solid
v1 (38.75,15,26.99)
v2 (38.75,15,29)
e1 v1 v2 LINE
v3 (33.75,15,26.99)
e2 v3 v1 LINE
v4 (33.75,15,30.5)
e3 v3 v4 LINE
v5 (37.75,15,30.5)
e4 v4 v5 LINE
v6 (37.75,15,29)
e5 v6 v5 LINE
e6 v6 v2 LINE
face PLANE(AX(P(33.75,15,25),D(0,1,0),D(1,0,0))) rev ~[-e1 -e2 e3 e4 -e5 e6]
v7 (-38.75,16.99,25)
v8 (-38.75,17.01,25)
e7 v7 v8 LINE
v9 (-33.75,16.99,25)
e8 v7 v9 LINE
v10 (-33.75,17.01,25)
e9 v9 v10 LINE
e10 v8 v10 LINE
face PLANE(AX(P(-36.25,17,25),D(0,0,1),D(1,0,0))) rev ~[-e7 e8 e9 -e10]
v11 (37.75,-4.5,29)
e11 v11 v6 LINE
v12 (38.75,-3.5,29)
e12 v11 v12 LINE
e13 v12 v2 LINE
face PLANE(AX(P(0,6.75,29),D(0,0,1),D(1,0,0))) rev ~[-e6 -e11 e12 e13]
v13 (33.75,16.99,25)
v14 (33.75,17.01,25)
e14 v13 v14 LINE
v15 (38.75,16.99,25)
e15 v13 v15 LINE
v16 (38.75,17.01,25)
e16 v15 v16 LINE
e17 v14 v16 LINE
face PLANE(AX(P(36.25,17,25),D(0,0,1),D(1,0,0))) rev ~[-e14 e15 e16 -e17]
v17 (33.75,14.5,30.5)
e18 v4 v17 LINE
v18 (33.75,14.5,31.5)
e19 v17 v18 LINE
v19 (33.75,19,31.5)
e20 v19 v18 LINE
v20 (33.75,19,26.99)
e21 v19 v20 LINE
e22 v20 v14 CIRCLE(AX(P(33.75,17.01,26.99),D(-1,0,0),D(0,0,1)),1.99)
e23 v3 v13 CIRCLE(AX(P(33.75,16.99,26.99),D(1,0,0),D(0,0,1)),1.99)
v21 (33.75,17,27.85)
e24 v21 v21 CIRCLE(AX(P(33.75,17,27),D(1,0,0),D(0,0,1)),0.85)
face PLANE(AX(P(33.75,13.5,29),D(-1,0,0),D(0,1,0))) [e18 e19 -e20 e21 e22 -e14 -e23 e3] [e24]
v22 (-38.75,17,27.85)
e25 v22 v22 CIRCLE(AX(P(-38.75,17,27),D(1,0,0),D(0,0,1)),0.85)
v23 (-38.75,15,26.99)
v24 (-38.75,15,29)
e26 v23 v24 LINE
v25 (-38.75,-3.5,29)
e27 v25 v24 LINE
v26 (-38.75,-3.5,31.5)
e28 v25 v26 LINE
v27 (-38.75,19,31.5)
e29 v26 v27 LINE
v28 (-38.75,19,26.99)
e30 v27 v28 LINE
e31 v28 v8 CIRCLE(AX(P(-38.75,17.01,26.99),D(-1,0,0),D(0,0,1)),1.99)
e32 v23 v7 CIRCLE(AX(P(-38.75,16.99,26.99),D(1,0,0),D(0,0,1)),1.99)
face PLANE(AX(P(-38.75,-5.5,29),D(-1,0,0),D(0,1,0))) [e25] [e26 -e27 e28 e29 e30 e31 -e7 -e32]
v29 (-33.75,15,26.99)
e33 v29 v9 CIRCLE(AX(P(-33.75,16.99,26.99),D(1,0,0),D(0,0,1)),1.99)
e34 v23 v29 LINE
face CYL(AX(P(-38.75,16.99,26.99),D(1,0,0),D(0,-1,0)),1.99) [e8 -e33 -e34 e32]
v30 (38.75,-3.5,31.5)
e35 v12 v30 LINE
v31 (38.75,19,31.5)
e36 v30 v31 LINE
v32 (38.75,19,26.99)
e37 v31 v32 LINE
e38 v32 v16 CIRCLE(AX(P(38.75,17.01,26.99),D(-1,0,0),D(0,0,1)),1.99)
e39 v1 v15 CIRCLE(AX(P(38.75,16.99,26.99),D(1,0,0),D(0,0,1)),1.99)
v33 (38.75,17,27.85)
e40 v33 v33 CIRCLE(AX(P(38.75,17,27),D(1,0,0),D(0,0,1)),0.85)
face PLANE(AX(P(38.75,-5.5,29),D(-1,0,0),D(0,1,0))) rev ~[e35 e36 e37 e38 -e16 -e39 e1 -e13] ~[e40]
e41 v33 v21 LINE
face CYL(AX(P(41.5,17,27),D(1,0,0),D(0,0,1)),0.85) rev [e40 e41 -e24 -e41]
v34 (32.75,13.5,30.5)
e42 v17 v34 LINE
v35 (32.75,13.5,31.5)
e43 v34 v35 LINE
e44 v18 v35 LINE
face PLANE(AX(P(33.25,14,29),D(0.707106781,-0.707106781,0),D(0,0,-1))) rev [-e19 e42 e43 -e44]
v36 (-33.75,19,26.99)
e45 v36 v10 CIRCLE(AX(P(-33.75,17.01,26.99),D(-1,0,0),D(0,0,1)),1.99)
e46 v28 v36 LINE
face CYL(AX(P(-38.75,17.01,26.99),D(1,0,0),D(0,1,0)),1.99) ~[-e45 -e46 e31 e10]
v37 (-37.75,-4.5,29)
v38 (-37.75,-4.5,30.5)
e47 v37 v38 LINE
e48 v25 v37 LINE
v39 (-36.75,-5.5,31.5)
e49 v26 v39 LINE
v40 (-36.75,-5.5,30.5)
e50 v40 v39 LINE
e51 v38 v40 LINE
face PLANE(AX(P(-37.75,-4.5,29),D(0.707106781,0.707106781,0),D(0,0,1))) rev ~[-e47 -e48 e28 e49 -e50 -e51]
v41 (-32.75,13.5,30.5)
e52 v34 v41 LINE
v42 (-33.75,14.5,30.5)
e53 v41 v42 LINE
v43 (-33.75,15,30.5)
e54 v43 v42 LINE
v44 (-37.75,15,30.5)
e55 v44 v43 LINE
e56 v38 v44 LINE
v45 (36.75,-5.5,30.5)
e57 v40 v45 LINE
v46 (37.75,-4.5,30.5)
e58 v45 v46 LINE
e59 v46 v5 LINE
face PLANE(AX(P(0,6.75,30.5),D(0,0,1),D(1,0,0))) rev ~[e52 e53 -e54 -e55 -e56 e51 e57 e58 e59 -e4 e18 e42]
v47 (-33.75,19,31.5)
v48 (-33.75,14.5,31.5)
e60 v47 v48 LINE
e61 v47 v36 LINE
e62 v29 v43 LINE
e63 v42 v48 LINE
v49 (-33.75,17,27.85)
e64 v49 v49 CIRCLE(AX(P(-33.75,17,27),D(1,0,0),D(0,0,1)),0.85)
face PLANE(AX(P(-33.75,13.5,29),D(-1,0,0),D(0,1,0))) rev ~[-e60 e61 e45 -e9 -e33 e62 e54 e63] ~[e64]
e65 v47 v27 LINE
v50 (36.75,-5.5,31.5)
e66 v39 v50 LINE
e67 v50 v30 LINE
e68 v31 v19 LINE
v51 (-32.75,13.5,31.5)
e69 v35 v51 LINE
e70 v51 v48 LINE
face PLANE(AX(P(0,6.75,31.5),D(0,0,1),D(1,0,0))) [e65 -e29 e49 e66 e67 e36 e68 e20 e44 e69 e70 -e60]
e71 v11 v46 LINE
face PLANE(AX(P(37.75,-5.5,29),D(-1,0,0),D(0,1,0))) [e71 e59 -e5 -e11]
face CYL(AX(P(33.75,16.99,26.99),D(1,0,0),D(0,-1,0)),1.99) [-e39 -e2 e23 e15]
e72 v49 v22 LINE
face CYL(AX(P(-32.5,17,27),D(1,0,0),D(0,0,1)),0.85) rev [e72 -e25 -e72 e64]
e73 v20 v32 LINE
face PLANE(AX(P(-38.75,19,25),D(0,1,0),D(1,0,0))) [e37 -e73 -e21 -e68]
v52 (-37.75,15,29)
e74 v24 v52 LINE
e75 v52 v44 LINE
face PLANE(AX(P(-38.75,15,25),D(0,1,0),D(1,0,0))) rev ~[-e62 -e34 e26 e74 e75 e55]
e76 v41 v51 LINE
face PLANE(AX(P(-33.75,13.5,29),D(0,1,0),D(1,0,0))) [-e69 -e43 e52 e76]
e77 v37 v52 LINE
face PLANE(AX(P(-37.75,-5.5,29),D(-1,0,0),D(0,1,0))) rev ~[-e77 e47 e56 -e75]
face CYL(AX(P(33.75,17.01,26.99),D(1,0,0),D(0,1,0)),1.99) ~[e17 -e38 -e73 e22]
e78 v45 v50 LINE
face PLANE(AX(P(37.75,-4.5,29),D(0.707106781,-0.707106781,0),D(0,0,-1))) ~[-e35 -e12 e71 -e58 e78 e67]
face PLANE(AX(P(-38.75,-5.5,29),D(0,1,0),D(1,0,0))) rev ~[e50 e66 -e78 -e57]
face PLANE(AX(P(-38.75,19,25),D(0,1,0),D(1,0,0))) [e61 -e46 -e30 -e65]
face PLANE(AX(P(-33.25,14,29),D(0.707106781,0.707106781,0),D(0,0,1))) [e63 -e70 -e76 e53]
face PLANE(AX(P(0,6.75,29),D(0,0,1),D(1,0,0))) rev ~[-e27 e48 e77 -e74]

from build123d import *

# Parameters (mm, degrees)
BOX032_W           = 67.5
BOX032_H           = 20
BOX032_DEPTH       = 4.5
CHAMFER011013_SIZE = 1
BOX029_W           = 75.5
BOX029_H           = 24.5
BOX029_DEPTH       = 1.5
BOX028_W           = 77.5
BOX028_H           = 24.5
BOX028_DEPTH       = 2.5
CHAMFER011012_SIZE = 2
CYLINDER044_R      = 0.85
CYLINDER044_DEPTH  = 10
BOX031_W           = 5
BOX031_H           = 4
BOX031_DEPTH       = 6.5
FILLET002_R        = 1.99
CYLINDER045_R      = 0.85
CYLINDER045_DEPTH  = 10
BOX030_W           = 5
BOX030_H           = 4
BOX030_DEPTH       = 6.5
FILLET003_R        = 1.99


with BuildPart() as chamfer011013:
    # Box032 → Box032 (new body)
    with BuildSketch(Plane(origin=(-33.75, 13.5, 29), x_dir=(1, 0, 0), z_dir=(0, 0, 1))):
        with Locations((33.75, 10)):
            Rectangle(BOX032_W, BOX032_H)
    extrude(amount=BOX032_DEPTH)

    # Chamfer011013
    chamfer011013_edges = [chamfer011013.edges().sort_by_distance(p)[0] for p in [
        (-33.75, 13.5, 31.25),
        (33.75, 13.5, 31.25),
    ]]
    chamfer(chamfer011013_edges, length=CHAMFER011013_SIZE)


with BuildPart() as cube028:
    # Box029 → Box029 (new body)
    with BuildSketch(Plane(origin=(-37.75, -5.5, 29), x_dir=(1, 0, 0), z_dir=(0, 0, 1))):
        with Locations((37.75, 12.25)):
            Rectangle(BOX029_W, BOX029_H)
    extrude(amount=BOX029_DEPTH)


with BuildPart() as cut025002008:
    # Box028 → Box028 (new body)
    with BuildSketch(Plane(origin=(-38.75, -5.5, 29), x_dir=(1, 0, 0), z_dir=(0, 0, 1))):
        with Locations((38.75, 12.25)):
            Rectangle(BOX028_W, BOX028_H)
    extrude(amount=BOX028_DEPTH)

    # Chamfer011012
    chamfer011012_edges = [cut025002008.edges().sort_by_distance(p)[0] for p in [
        (-38.75, -5.5, 30.25),
        (38.75, -5.5, 30.25),
    ]]
    chamfer(chamfer011012_edges, length=CHAMFER011012_SIZE)

    # Cut025002008: cut Cube028
    add(cube028.part, mode=Mode.SUBTRACT)


with BuildPart() as cylinder044:
    # Cylinder044 → Cylinder044 (new body)
    with BuildSketch(Plane(origin=(41.5, 17, 27), x_dir=(0, 0, 1), z_dir=(-1, 0, 0))):
        Circle(CYLINDER044_R)
    extrude(amount=CYLINDER044_DEPTH)


with BuildPart() as cut025002007:
    # Box031 → Box031 (new body)
    with BuildSketch(Plane(origin=(33.75, 15, 25), x_dir=(1, 0, 0), z_dir=(0, 0, 1))):
        with Locations((2.5, 2)):
            Rectangle(BOX031_W, BOX031_H)
    extrude(amount=BOX031_DEPTH)

    # Fillet002
    fillet002_edges = [cut025002007.edges().sort_by_distance(p)[0] for p in [
        (36.25, 15, 25),
        (36.25, 19, 25),
    ]]
    fillet(fillet002_edges, radius=FILLET002_R)

    # Cut025002007: cut Cylinder044
    add(cylinder044.part, mode=Mode.SUBTRACT)


with BuildPart() as cylinder045:
    # Cylinder045 → Cylinder045 (new body)
    with BuildSketch(Plane(origin=(-32.5, 17, 27), x_dir=(0, 0, 1), z_dir=(-1, 0, 0))):
        Circle(CYLINDER045_R)
    extrude(amount=CYLINDER045_DEPTH)


with BuildPart() as cut025002009:
    # Box030 → Box030 (new body)
    with BuildSketch(Plane(origin=(-38.75, 15, 25), x_dir=(1, 0, 0), z_dir=(0, 0, 1))):
        with Locations((2.5, 2)):
            Rectangle(BOX030_W, BOX030_H)
    extrude(amount=BOX030_DEPTH)

    # Fillet003
    fillet003_edges = [cut025002009.edges().sort_by_distance(p)[0] for p in [
        (-36.25, 15, 25),
        (-36.25, 19, 25),
    ]]
    fillet(fillet003_edges, radius=FILLET003_R)

    # Cut025002006: cut Cylinder045
    add(cylinder045.part, mode=Mode.SUBTRACT)

    # Fusion011007: union Cut025002007
    add(cut025002007.part)

    # Fusion011008: union Cut025002008
    add(cut025002008.part)

    # Cut025002009: cut Chamfer011013
    add(chamfer011013.part, mode=Mode.SUBTRACT)


solid = cut025002009.part
